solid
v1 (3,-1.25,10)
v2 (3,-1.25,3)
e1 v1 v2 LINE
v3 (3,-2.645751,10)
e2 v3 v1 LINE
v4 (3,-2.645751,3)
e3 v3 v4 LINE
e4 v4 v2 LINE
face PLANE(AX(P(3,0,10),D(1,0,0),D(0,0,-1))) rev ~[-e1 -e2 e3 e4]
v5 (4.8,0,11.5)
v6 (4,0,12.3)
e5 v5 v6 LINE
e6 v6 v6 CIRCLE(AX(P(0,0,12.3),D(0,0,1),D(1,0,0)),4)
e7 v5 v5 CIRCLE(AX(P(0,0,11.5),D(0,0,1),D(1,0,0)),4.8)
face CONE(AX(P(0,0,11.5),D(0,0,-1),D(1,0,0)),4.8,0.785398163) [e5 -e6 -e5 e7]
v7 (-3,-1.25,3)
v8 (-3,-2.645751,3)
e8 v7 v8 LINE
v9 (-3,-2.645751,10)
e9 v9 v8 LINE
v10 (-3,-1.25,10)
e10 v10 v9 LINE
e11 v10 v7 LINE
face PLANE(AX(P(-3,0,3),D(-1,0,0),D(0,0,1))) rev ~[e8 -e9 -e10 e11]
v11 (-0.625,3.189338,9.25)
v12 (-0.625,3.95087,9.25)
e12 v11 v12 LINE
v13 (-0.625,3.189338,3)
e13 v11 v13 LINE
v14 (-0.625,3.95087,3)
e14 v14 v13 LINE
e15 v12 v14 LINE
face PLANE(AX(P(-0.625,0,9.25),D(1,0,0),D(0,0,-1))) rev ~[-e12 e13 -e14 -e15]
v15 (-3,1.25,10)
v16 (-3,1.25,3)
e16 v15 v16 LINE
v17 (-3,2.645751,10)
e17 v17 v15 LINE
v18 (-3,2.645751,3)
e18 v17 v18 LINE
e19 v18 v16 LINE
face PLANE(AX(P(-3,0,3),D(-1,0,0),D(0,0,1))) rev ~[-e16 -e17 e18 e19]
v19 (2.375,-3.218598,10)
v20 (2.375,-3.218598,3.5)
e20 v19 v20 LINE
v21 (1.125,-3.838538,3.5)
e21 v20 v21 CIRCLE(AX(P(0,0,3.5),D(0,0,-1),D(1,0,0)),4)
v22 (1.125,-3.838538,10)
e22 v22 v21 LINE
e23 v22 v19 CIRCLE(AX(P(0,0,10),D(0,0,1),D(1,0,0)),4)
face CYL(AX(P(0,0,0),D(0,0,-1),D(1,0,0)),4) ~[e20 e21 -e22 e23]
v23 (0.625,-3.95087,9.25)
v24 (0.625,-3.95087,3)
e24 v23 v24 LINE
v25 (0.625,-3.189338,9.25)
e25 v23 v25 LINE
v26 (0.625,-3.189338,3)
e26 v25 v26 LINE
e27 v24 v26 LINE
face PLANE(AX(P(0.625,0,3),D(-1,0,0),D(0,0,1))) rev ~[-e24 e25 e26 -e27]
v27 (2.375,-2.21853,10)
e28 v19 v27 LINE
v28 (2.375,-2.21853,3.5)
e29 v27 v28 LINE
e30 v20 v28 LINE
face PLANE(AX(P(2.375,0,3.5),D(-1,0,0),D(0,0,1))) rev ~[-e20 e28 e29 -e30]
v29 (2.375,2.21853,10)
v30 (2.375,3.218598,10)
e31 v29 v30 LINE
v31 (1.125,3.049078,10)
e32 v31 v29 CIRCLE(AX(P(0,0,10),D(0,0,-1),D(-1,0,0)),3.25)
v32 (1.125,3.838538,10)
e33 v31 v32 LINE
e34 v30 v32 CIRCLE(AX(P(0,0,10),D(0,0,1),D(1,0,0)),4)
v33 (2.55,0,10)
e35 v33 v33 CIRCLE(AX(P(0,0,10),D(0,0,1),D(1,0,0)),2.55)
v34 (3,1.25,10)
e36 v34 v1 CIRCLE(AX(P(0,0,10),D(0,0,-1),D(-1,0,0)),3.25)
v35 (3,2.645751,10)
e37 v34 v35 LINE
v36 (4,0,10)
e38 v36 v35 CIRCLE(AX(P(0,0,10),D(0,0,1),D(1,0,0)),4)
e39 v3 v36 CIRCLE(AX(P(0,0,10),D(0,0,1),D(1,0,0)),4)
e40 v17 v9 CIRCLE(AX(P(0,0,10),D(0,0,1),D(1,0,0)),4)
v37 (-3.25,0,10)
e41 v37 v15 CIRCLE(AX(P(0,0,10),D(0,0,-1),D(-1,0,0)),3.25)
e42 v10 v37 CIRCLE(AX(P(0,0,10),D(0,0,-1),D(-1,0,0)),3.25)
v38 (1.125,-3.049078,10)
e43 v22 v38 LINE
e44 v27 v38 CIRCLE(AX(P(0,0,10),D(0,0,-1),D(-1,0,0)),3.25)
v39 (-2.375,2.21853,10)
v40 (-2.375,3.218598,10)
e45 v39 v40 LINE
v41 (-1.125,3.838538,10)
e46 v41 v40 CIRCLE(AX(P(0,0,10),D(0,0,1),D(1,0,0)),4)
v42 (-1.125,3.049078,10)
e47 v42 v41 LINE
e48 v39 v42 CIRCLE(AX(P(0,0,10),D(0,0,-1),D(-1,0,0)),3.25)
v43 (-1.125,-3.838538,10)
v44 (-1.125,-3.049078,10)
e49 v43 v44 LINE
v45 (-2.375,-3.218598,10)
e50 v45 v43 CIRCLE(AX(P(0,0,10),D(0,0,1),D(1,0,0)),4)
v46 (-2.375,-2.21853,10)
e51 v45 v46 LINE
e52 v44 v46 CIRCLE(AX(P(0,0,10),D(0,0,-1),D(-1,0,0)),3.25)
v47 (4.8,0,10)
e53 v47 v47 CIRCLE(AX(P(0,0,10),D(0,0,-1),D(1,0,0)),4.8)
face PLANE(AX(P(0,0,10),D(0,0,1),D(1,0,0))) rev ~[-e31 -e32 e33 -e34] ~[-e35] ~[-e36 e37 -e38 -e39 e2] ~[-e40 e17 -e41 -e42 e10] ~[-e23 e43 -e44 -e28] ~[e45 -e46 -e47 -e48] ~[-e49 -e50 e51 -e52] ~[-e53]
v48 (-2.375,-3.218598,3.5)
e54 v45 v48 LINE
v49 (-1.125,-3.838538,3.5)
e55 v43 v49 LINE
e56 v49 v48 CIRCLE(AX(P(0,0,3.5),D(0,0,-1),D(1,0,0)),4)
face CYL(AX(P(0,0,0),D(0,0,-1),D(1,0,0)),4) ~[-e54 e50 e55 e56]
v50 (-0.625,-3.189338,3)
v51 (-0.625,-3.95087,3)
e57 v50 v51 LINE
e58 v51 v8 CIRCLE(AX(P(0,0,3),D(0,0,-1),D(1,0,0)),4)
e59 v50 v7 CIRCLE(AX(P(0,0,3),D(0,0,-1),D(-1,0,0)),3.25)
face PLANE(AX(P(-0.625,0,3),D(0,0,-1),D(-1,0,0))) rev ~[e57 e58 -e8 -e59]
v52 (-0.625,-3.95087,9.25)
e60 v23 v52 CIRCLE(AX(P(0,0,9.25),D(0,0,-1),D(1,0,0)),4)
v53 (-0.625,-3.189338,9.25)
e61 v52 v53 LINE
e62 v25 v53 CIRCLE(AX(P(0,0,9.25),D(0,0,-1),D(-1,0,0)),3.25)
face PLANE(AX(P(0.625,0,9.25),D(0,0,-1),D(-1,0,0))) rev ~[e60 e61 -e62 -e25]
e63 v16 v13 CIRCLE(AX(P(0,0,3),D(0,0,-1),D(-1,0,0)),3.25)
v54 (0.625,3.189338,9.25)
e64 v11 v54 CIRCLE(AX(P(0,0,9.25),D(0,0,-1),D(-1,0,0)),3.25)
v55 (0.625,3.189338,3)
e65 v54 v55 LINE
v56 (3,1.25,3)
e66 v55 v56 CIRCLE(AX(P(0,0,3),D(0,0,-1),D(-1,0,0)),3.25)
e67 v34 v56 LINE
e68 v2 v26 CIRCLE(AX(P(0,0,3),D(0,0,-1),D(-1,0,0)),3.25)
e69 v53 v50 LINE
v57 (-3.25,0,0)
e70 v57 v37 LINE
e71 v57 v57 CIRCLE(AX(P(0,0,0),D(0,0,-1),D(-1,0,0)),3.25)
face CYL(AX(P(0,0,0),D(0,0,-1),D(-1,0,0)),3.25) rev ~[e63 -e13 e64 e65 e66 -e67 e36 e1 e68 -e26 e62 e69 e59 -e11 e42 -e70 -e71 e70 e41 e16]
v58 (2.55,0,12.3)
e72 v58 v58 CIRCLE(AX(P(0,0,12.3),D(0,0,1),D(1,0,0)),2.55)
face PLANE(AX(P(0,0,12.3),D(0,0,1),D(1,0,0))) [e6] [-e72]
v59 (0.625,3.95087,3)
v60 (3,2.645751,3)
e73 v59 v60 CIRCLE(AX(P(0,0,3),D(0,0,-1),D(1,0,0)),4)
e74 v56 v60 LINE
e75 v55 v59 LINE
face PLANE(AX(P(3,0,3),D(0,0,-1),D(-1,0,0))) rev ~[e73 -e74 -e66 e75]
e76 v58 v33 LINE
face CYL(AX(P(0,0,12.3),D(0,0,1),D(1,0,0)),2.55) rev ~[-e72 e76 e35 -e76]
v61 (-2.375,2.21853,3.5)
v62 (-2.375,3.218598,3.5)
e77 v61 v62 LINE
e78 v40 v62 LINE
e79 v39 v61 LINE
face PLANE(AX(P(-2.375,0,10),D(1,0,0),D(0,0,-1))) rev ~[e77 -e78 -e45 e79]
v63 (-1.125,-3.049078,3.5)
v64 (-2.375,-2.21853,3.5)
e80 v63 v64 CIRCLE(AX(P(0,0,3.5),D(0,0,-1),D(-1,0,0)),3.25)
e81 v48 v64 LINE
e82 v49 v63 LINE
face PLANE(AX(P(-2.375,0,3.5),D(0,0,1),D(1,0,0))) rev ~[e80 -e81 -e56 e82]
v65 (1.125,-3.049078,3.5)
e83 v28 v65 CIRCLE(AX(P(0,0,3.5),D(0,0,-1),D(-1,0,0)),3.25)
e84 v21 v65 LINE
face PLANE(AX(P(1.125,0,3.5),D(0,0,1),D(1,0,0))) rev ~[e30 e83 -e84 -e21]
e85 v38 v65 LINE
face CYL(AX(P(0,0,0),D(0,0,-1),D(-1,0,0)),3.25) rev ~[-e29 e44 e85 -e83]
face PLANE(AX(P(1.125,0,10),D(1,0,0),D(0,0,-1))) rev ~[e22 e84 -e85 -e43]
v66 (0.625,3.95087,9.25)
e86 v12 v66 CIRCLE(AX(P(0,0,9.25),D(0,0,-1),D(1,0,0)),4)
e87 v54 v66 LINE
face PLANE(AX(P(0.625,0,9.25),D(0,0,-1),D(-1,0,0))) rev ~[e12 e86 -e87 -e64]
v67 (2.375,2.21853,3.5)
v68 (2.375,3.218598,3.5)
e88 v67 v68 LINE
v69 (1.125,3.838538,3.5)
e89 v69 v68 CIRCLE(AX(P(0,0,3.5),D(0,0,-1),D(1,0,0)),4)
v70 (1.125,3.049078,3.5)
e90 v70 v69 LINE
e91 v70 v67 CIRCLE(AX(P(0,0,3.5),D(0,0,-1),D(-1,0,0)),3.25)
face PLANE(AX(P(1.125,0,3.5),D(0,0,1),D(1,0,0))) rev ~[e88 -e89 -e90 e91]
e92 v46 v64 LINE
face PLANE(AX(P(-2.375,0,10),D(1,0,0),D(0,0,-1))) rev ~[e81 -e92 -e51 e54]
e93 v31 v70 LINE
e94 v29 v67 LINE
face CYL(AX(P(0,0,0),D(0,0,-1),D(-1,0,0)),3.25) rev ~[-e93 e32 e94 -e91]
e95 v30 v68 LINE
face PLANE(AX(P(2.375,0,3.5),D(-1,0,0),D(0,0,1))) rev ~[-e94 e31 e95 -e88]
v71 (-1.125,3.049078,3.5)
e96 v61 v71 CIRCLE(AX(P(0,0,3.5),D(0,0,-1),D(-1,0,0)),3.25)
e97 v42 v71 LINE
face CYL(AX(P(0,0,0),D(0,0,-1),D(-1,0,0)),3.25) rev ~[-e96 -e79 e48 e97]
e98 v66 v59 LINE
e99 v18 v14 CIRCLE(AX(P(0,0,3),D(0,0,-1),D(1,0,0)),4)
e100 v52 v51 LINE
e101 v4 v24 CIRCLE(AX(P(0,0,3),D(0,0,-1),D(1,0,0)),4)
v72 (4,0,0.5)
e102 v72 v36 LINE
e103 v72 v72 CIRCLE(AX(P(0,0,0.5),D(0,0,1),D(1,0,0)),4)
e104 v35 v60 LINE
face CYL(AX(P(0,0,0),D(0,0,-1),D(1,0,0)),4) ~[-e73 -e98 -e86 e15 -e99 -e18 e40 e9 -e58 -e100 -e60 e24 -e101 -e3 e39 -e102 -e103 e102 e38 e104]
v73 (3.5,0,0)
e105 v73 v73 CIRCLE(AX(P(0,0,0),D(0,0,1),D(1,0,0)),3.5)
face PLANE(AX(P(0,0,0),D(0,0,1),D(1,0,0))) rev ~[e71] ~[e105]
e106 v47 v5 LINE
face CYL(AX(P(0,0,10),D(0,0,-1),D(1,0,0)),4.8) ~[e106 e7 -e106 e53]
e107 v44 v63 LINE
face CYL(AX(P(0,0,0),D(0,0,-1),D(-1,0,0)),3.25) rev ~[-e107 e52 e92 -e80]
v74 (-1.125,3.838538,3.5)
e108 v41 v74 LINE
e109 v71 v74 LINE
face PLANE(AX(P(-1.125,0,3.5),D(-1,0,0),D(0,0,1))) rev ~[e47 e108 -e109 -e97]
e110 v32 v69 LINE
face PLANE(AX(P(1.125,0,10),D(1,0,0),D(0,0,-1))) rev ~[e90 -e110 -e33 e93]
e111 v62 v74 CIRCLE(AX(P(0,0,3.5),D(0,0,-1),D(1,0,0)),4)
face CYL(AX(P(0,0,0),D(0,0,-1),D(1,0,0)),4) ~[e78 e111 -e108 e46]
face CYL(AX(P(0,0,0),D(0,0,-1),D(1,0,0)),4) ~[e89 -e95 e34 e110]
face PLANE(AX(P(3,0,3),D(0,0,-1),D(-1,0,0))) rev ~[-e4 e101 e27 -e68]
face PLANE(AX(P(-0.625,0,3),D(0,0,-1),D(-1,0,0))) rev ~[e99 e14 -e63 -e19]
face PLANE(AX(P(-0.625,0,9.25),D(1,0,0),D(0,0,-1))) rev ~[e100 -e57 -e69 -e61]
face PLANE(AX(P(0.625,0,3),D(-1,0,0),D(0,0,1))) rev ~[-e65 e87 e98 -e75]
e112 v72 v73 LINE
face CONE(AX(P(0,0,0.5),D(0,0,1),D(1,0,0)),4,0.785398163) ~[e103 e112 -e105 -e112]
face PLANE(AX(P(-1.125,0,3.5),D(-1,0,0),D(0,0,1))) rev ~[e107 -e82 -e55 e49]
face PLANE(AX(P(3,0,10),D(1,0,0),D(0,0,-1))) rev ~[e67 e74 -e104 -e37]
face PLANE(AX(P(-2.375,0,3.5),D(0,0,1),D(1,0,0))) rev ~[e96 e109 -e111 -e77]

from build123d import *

# Parameters (mm, degrees)
SKETCH1_R           = 4
BOSS_EXTRUDE1_DEPTH = 10
SKETCH2_R           = 4.8
BOSS_EXTRUDE2_DEPTH = 2.3
CHAMFER1_SIZE       = 0.8
CHAMFER2_SIZE       = 0.5
SKETCH3_R           = 2.55
CUT_EXTRUDE1_DEPTH  = 3
SKETCH4_R           = 3.25
CUT_EXTRUDE2_DEPTH  = 10
CUT_EXTRUDE3_DEPTH  = 5


with BuildPart() as part:
    # Sketch1 → Boss-Extrude1 (new body)
    with BuildSketch(Plane.XY):
        Circle(SKETCH1_R)
    extrude(amount=BOSS_EXTRUDE1_DEPTH)

    # Sketch2 → Boss-Extrude2 (add)
    with BuildSketch(Plane.XY.offset(10)):
        Circle(SKETCH2_R)
    extrude(amount=BOSS_EXTRUDE2_DEPTH)

    # Chamfer1
    chamfer1_edges = [part.edges().sort_by_distance(p)[0] for p in [
        (-4.8, 0, 12.3),
    ]]
    chamfer(chamfer1_edges, length=CHAMFER1_SIZE)

    # Chamfer2
    chamfer2_edges = [part.edges().sort_by_distance(p)[0] for p in [
        (-4, 0, 0),
    ]]
    chamfer(chamfer2_edges, length=CHAMFER2_SIZE)

    # Sketch3 → Cut-Extrude1 (cut)
    with BuildSketch(Plane.XY.offset(12.3)):
        Circle(SKETCH3_R)
    extrude(amount=-CUT_EXTRUDE1_DEPTH, mode=Mode.SUBTRACT)

    # Sketch4 → Cut-Extrude2 (cut)
    with BuildSketch(Plane(origin=(0, 0, 0), x_dir=(-1, 0, 0), z_dir=(0, 0, -1))):
        Circle(SKETCH4_R)
    extrude(amount=-CUT_EXTRUDE2_DEPTH, mode=Mode.SUBTRACT)

    # Sketch5 → Cut-Extrude3 (cut, symmetric)
    with BuildSketch(Plane(origin=(0, 0, 0), x_dir=(1, 0, 0), z_dir=(0, 1, 0))):
        Polygon((-3, -10), (-2.375, -10), (-2.375, -3.5), (-1.125, -3.5), (-1.125, -10), (1.125, -10), (1.125, -3.5), (2.375, -3.5), (2.375, -10), (3, -10), (3, -3), (0.625, -3), (0.625, -9.25), (-0.625, -9.25), (-0.625, -3), (-3, -3), align=None)
    extrude(amount=CUT_EXTRUDE3_DEPTH, both=True, mode=Mode.SUBTRACT)


solid = part.part
